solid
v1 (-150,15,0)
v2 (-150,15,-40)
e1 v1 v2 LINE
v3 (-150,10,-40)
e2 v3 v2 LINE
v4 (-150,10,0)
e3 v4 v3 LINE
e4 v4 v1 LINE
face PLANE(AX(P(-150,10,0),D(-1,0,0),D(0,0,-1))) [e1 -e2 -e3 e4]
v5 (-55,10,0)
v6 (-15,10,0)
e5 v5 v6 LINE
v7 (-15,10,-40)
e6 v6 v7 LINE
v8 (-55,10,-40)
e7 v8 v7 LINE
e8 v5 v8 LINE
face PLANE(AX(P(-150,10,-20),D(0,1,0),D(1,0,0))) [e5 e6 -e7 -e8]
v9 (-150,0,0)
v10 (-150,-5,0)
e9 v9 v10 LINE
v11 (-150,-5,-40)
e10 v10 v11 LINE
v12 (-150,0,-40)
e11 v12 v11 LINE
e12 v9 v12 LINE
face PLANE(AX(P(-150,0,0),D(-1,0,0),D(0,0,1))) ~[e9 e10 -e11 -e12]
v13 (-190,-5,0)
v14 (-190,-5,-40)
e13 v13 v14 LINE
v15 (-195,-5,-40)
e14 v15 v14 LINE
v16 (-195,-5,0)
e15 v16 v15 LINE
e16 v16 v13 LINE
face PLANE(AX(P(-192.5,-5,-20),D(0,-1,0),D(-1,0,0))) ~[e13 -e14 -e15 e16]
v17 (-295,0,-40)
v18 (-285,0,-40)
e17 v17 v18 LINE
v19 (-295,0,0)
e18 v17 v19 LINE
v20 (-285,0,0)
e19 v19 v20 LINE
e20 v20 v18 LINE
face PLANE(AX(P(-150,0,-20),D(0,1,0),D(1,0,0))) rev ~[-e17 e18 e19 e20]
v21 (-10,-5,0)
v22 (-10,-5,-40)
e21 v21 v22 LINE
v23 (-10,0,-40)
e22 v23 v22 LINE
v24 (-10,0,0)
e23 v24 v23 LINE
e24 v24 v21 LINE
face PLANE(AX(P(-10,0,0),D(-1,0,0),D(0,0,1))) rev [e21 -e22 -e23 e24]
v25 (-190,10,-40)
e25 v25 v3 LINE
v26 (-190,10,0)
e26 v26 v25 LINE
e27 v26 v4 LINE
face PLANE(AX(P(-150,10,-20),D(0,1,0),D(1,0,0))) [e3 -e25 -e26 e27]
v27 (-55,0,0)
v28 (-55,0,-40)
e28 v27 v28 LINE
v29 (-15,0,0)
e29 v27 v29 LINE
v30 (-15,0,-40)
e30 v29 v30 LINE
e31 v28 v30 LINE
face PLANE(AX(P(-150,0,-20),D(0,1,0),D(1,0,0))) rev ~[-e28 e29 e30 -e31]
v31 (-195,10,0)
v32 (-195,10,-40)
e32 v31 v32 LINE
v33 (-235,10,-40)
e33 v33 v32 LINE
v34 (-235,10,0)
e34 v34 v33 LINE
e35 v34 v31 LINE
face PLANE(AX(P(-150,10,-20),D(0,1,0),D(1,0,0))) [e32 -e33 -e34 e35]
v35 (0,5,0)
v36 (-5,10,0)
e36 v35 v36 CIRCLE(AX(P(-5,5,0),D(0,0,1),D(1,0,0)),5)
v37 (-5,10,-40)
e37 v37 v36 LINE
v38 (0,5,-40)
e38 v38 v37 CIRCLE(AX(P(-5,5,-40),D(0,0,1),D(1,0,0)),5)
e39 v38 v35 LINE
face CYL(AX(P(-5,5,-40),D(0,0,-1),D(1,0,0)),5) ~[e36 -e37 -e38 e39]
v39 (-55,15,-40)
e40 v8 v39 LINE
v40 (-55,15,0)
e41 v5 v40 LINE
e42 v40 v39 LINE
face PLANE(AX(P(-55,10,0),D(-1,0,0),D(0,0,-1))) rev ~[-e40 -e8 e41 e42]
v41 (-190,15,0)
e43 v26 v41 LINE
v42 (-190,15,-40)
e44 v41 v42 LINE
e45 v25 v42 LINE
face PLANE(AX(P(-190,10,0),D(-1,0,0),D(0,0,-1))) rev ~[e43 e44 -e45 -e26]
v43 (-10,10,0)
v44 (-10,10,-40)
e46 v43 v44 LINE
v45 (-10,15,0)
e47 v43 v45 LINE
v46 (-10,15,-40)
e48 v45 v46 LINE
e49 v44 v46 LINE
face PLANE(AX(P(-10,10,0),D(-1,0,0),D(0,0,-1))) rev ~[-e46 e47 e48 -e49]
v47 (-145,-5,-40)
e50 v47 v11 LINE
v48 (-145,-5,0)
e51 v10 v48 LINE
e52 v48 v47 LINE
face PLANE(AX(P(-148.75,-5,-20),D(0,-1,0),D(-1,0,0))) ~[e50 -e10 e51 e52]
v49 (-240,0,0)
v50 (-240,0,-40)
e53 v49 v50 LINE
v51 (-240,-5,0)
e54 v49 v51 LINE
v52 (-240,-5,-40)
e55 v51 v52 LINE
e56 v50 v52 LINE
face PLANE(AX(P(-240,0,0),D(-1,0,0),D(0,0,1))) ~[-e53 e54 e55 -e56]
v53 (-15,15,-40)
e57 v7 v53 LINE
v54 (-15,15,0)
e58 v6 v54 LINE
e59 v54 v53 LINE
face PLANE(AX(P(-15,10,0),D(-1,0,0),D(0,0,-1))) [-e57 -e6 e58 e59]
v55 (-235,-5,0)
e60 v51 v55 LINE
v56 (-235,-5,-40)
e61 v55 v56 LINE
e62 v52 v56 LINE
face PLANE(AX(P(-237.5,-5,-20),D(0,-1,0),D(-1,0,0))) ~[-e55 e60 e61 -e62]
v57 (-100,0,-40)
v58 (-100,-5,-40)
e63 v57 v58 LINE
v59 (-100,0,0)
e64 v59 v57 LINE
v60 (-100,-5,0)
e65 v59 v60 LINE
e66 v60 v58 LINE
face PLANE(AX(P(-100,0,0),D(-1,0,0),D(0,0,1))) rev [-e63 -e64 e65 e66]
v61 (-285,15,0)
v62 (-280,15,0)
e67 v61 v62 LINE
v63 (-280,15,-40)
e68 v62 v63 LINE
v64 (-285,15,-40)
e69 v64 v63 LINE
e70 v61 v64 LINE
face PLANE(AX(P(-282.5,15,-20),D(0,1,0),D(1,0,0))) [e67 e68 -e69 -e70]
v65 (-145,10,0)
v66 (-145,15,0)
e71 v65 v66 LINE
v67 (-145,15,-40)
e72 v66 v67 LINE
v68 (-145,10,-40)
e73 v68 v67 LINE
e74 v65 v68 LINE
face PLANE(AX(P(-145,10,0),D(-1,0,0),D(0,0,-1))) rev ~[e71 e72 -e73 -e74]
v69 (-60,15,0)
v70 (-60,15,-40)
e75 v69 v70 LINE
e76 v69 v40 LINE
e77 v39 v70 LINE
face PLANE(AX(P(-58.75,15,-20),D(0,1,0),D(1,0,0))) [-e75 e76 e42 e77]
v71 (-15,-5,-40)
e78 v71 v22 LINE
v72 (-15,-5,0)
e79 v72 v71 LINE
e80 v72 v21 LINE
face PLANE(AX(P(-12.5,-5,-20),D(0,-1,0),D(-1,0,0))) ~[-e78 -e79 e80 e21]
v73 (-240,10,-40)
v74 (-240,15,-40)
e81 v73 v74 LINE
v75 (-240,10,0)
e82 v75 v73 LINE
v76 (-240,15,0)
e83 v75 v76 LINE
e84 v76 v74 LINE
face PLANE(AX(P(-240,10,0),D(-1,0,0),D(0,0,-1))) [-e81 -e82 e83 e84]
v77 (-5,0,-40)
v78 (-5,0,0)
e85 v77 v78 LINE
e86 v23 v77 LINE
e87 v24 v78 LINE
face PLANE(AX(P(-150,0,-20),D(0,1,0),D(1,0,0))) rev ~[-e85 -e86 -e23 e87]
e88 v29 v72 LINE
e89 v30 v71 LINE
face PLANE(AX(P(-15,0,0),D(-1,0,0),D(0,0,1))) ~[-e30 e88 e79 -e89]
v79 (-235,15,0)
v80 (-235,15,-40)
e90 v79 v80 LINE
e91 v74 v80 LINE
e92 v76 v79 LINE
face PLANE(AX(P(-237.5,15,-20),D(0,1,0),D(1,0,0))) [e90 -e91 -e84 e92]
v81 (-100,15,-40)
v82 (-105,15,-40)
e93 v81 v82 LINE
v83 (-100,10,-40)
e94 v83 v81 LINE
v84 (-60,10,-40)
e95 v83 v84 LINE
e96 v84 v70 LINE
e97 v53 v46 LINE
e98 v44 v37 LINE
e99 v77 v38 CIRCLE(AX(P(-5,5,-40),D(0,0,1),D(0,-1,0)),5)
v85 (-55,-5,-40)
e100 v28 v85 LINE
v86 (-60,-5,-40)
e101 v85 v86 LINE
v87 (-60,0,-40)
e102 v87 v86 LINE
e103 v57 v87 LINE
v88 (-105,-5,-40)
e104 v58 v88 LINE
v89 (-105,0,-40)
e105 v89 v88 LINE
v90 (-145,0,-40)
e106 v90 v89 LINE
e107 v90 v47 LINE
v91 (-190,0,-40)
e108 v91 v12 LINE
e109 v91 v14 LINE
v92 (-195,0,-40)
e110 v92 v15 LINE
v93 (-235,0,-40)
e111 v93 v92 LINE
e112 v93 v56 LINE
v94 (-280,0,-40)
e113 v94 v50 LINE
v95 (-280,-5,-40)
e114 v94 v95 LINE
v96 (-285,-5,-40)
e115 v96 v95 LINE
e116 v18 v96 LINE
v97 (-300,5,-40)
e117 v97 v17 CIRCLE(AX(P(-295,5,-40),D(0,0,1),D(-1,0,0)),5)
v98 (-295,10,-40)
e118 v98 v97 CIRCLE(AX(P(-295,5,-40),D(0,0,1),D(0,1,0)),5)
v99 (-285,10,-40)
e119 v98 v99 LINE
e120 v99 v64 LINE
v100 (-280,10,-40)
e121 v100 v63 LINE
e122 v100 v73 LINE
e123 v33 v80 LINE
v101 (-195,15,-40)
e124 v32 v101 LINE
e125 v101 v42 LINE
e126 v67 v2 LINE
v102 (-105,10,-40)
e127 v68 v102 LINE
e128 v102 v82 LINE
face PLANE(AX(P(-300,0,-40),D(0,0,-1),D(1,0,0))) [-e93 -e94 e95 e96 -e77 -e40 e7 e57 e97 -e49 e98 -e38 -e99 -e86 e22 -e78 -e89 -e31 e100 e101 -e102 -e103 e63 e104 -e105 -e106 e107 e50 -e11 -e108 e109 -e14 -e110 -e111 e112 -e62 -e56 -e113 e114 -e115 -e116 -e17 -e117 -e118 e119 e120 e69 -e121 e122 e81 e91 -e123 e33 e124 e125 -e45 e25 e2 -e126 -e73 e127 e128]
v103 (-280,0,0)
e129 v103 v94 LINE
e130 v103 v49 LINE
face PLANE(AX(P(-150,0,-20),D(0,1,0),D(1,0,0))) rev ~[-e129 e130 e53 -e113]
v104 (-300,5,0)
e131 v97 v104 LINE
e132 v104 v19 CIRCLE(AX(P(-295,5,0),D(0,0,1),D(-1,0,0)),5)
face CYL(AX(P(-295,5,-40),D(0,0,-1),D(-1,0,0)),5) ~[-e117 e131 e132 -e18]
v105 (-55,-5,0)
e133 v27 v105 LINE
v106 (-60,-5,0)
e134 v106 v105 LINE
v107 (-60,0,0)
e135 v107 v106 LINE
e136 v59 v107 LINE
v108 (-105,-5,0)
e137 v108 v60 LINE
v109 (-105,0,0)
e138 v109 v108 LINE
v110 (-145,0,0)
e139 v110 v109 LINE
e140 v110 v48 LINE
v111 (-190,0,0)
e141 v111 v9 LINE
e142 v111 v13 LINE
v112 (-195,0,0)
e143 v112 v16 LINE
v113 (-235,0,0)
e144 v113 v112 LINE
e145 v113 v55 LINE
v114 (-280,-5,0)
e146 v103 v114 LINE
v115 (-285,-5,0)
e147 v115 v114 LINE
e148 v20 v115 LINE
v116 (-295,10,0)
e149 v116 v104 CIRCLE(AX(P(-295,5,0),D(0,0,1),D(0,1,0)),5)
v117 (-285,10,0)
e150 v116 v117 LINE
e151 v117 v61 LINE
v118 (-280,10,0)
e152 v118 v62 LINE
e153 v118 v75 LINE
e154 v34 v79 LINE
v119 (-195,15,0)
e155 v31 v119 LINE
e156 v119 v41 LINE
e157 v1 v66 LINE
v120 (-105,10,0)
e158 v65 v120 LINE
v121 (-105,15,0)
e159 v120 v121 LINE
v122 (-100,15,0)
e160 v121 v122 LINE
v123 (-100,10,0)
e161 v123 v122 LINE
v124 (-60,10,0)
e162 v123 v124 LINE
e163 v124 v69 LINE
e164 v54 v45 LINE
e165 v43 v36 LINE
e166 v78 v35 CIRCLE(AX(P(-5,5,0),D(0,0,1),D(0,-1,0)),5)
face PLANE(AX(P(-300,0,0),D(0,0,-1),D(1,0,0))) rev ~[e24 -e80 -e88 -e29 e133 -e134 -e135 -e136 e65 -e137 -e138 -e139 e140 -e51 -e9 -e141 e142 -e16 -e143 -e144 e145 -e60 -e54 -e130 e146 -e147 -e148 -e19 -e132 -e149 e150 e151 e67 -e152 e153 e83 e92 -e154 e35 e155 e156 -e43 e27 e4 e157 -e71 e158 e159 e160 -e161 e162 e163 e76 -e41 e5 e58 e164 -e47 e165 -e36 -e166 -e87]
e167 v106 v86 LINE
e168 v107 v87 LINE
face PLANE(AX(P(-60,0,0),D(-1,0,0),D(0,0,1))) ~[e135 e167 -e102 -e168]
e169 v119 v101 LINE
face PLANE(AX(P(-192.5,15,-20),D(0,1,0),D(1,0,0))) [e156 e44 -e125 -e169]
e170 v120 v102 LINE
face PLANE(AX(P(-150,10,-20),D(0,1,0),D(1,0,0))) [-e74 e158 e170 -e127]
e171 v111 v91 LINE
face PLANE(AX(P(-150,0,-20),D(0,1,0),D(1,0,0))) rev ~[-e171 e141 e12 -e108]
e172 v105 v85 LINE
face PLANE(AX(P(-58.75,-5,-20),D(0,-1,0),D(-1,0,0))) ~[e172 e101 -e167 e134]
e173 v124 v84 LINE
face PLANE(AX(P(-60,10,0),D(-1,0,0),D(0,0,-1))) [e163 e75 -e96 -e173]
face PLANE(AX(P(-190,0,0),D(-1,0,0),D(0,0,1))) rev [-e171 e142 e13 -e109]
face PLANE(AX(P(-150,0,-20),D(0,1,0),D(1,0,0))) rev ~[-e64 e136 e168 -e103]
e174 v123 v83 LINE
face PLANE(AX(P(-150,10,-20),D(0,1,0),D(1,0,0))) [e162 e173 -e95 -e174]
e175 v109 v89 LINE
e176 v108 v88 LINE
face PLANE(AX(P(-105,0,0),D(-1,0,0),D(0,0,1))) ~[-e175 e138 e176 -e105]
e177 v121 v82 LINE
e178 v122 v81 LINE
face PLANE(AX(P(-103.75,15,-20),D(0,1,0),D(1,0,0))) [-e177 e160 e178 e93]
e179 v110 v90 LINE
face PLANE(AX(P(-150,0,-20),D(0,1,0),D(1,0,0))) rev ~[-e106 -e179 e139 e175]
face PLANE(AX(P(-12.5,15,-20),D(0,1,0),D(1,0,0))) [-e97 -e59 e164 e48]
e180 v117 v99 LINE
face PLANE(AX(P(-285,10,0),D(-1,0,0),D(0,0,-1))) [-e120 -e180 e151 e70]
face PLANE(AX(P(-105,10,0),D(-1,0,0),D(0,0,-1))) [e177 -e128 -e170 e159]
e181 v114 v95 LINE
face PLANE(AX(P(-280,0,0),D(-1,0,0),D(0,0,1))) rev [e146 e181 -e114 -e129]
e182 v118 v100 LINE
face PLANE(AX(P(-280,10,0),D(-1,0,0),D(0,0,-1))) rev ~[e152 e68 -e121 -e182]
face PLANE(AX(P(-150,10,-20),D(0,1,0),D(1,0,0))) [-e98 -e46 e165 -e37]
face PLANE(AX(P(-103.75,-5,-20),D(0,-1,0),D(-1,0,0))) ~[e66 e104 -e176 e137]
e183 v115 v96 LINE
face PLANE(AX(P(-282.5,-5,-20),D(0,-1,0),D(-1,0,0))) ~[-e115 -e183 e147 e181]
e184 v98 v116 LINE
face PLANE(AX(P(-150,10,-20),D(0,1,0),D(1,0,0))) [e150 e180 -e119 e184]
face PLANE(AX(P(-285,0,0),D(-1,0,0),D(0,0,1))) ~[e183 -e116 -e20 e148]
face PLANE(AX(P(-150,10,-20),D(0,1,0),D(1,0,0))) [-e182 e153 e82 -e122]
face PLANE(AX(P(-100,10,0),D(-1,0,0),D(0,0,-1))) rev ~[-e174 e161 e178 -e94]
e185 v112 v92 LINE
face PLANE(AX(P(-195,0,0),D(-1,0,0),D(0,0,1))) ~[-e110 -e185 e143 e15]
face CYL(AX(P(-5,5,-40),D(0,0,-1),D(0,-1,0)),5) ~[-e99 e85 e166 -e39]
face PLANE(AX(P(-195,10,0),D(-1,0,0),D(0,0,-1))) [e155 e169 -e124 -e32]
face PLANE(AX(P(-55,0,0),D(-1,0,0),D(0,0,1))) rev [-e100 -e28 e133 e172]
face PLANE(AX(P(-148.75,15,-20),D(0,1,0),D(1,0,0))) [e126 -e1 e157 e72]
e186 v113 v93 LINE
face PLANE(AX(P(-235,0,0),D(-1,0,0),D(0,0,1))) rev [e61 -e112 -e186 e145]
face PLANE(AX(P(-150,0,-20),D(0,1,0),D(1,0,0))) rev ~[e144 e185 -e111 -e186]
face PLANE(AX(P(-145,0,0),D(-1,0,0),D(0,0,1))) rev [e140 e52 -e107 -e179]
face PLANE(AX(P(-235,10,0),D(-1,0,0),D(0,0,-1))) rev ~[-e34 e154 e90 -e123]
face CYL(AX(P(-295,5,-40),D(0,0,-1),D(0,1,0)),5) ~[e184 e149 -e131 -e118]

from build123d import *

# Parameters (mm, degrees)
SKETCH1_W           = 300
SKETCH1_H           = 40
BOSS_EXTRUDE1_DEPTH = 10
CUT_EXTRUDE1_DEPTH  = 40
CUT_EXTRUDE2_DEPTH  = 40
SKETCH5_W           = 5
SKETCH5_H           = 40
SKETCH5_W_2         = 2.5
BOSS_EXTRUDE3_DEPTH = 5


with BuildPart() as part:
    # Sketch1 → Boss-Extrude1 (new body)
    with BuildSketch(Plane(origin=(0, 0, 0), x_dir=(1, 0, 0), z_dir=(0, 1, 0))):
        with Locations((-150, 20)):
            Rectangle(SKETCH1_W, SKETCH1_H)
    extrude(amount=BOSS_EXTRUDE1_DEPTH)

    # Sketch2 → Cut-Extrude1 (cut)
    with BuildSketch(Plane(origin=(0, 0, -40), x_dir=(-1, 0, 0), z_dir=(0, 0, -1))):
        with BuildLine():
            Line((0, 10), (0, 5))
            ThreePointArc((0, 5), (1.464466094, 8.535533906), (5, 10))
            Line((5, 10), (0, 10))
        make_face()
        with BuildLine():
            ThreePointArc((5, 0), (1.464466094, 1.464466094), (0, 5))
            Line((0, 5), (0, 0))
            Line((0, 0), (5, 0))
        make_face()
    extrude(amount=-CUT_EXTRUDE1_DEPTH, mode=Mode.SUBTRACT)

    # Sketch4 → Cut-Extrude2 (cut)
    with BuildSketch(Plane(origin=(0, 0, -40), x_dir=(-1, 0, 0), z_dir=(0, 0, -1))):
        with BuildLine():
            Line((300, 10), (295, 10))
            ThreePointArc((295, 10), (298.535533906, 8.535533906), (300, 5))
            Line((300, 5), (300, 10))
        make_face()
        with BuildLine():
            Line((300, 0), (300, 5))
            ThreePointArc((300, 5), (298.535533906, 1.464466094), (295, 0))
            Line((295, 0), (300, 0))
        make_face()
    extrude(amount=-CUT_EXTRUDE2_DEPTH, mode=Mode.SUBTRACT)

    # Sketch5 → Boss-Extrude3 (add)
    with BuildSketch(Plane(origin=(0, 10, 0), x_dir=(1, 0, 0), z_dir=(0, 1, 0))):
        with Locations((-282.5, 20)):
            Rectangle(SKETCH5_W, SKETCH5_H)
        with Locations((-192.5, 20)):
            Rectangle(SKETCH5_W, SKETCH5_H)
        with Locations((-148.75, 20)):
            Rectangle(SKETCH5_W_2, SKETCH5_H)
        with Locations((-146.25, 20)):
            Rectangle(SKETCH5_W_2, SKETCH5_H)
        with Locations((-103.75, 20)):
            Rectangle(SKETCH5_W_2, SKETCH5_H)
        with Locations((-101.25, 20)):
            Rectangle(SKETCH5_W_2, SKETCH5_H)
        with Locations((-58.75, 20)):
            Rectangle(SKETCH5_W_2, SKETCH5_H)
        with Locations((-56.25, 20)):
            Rectangle(SKETCH5_W_2, SKETCH5_H)
        with Locations((-12.5, 20)):
            Rectangle(SKETCH5_W, SKETCH5_H)
        with Locations((-237.5, 20)):
            Rectangle(SKETCH5_W, SKETCH5_H)
    boss_extrude3 = extrude(amount=BOSS_EXTRUDE3_DEPTH)

    # Mirror2: Boss-Extrude3 across plane
    add(boss_extrude3.mirror(Plane.ZX.offset(5)))


solid = part.part
